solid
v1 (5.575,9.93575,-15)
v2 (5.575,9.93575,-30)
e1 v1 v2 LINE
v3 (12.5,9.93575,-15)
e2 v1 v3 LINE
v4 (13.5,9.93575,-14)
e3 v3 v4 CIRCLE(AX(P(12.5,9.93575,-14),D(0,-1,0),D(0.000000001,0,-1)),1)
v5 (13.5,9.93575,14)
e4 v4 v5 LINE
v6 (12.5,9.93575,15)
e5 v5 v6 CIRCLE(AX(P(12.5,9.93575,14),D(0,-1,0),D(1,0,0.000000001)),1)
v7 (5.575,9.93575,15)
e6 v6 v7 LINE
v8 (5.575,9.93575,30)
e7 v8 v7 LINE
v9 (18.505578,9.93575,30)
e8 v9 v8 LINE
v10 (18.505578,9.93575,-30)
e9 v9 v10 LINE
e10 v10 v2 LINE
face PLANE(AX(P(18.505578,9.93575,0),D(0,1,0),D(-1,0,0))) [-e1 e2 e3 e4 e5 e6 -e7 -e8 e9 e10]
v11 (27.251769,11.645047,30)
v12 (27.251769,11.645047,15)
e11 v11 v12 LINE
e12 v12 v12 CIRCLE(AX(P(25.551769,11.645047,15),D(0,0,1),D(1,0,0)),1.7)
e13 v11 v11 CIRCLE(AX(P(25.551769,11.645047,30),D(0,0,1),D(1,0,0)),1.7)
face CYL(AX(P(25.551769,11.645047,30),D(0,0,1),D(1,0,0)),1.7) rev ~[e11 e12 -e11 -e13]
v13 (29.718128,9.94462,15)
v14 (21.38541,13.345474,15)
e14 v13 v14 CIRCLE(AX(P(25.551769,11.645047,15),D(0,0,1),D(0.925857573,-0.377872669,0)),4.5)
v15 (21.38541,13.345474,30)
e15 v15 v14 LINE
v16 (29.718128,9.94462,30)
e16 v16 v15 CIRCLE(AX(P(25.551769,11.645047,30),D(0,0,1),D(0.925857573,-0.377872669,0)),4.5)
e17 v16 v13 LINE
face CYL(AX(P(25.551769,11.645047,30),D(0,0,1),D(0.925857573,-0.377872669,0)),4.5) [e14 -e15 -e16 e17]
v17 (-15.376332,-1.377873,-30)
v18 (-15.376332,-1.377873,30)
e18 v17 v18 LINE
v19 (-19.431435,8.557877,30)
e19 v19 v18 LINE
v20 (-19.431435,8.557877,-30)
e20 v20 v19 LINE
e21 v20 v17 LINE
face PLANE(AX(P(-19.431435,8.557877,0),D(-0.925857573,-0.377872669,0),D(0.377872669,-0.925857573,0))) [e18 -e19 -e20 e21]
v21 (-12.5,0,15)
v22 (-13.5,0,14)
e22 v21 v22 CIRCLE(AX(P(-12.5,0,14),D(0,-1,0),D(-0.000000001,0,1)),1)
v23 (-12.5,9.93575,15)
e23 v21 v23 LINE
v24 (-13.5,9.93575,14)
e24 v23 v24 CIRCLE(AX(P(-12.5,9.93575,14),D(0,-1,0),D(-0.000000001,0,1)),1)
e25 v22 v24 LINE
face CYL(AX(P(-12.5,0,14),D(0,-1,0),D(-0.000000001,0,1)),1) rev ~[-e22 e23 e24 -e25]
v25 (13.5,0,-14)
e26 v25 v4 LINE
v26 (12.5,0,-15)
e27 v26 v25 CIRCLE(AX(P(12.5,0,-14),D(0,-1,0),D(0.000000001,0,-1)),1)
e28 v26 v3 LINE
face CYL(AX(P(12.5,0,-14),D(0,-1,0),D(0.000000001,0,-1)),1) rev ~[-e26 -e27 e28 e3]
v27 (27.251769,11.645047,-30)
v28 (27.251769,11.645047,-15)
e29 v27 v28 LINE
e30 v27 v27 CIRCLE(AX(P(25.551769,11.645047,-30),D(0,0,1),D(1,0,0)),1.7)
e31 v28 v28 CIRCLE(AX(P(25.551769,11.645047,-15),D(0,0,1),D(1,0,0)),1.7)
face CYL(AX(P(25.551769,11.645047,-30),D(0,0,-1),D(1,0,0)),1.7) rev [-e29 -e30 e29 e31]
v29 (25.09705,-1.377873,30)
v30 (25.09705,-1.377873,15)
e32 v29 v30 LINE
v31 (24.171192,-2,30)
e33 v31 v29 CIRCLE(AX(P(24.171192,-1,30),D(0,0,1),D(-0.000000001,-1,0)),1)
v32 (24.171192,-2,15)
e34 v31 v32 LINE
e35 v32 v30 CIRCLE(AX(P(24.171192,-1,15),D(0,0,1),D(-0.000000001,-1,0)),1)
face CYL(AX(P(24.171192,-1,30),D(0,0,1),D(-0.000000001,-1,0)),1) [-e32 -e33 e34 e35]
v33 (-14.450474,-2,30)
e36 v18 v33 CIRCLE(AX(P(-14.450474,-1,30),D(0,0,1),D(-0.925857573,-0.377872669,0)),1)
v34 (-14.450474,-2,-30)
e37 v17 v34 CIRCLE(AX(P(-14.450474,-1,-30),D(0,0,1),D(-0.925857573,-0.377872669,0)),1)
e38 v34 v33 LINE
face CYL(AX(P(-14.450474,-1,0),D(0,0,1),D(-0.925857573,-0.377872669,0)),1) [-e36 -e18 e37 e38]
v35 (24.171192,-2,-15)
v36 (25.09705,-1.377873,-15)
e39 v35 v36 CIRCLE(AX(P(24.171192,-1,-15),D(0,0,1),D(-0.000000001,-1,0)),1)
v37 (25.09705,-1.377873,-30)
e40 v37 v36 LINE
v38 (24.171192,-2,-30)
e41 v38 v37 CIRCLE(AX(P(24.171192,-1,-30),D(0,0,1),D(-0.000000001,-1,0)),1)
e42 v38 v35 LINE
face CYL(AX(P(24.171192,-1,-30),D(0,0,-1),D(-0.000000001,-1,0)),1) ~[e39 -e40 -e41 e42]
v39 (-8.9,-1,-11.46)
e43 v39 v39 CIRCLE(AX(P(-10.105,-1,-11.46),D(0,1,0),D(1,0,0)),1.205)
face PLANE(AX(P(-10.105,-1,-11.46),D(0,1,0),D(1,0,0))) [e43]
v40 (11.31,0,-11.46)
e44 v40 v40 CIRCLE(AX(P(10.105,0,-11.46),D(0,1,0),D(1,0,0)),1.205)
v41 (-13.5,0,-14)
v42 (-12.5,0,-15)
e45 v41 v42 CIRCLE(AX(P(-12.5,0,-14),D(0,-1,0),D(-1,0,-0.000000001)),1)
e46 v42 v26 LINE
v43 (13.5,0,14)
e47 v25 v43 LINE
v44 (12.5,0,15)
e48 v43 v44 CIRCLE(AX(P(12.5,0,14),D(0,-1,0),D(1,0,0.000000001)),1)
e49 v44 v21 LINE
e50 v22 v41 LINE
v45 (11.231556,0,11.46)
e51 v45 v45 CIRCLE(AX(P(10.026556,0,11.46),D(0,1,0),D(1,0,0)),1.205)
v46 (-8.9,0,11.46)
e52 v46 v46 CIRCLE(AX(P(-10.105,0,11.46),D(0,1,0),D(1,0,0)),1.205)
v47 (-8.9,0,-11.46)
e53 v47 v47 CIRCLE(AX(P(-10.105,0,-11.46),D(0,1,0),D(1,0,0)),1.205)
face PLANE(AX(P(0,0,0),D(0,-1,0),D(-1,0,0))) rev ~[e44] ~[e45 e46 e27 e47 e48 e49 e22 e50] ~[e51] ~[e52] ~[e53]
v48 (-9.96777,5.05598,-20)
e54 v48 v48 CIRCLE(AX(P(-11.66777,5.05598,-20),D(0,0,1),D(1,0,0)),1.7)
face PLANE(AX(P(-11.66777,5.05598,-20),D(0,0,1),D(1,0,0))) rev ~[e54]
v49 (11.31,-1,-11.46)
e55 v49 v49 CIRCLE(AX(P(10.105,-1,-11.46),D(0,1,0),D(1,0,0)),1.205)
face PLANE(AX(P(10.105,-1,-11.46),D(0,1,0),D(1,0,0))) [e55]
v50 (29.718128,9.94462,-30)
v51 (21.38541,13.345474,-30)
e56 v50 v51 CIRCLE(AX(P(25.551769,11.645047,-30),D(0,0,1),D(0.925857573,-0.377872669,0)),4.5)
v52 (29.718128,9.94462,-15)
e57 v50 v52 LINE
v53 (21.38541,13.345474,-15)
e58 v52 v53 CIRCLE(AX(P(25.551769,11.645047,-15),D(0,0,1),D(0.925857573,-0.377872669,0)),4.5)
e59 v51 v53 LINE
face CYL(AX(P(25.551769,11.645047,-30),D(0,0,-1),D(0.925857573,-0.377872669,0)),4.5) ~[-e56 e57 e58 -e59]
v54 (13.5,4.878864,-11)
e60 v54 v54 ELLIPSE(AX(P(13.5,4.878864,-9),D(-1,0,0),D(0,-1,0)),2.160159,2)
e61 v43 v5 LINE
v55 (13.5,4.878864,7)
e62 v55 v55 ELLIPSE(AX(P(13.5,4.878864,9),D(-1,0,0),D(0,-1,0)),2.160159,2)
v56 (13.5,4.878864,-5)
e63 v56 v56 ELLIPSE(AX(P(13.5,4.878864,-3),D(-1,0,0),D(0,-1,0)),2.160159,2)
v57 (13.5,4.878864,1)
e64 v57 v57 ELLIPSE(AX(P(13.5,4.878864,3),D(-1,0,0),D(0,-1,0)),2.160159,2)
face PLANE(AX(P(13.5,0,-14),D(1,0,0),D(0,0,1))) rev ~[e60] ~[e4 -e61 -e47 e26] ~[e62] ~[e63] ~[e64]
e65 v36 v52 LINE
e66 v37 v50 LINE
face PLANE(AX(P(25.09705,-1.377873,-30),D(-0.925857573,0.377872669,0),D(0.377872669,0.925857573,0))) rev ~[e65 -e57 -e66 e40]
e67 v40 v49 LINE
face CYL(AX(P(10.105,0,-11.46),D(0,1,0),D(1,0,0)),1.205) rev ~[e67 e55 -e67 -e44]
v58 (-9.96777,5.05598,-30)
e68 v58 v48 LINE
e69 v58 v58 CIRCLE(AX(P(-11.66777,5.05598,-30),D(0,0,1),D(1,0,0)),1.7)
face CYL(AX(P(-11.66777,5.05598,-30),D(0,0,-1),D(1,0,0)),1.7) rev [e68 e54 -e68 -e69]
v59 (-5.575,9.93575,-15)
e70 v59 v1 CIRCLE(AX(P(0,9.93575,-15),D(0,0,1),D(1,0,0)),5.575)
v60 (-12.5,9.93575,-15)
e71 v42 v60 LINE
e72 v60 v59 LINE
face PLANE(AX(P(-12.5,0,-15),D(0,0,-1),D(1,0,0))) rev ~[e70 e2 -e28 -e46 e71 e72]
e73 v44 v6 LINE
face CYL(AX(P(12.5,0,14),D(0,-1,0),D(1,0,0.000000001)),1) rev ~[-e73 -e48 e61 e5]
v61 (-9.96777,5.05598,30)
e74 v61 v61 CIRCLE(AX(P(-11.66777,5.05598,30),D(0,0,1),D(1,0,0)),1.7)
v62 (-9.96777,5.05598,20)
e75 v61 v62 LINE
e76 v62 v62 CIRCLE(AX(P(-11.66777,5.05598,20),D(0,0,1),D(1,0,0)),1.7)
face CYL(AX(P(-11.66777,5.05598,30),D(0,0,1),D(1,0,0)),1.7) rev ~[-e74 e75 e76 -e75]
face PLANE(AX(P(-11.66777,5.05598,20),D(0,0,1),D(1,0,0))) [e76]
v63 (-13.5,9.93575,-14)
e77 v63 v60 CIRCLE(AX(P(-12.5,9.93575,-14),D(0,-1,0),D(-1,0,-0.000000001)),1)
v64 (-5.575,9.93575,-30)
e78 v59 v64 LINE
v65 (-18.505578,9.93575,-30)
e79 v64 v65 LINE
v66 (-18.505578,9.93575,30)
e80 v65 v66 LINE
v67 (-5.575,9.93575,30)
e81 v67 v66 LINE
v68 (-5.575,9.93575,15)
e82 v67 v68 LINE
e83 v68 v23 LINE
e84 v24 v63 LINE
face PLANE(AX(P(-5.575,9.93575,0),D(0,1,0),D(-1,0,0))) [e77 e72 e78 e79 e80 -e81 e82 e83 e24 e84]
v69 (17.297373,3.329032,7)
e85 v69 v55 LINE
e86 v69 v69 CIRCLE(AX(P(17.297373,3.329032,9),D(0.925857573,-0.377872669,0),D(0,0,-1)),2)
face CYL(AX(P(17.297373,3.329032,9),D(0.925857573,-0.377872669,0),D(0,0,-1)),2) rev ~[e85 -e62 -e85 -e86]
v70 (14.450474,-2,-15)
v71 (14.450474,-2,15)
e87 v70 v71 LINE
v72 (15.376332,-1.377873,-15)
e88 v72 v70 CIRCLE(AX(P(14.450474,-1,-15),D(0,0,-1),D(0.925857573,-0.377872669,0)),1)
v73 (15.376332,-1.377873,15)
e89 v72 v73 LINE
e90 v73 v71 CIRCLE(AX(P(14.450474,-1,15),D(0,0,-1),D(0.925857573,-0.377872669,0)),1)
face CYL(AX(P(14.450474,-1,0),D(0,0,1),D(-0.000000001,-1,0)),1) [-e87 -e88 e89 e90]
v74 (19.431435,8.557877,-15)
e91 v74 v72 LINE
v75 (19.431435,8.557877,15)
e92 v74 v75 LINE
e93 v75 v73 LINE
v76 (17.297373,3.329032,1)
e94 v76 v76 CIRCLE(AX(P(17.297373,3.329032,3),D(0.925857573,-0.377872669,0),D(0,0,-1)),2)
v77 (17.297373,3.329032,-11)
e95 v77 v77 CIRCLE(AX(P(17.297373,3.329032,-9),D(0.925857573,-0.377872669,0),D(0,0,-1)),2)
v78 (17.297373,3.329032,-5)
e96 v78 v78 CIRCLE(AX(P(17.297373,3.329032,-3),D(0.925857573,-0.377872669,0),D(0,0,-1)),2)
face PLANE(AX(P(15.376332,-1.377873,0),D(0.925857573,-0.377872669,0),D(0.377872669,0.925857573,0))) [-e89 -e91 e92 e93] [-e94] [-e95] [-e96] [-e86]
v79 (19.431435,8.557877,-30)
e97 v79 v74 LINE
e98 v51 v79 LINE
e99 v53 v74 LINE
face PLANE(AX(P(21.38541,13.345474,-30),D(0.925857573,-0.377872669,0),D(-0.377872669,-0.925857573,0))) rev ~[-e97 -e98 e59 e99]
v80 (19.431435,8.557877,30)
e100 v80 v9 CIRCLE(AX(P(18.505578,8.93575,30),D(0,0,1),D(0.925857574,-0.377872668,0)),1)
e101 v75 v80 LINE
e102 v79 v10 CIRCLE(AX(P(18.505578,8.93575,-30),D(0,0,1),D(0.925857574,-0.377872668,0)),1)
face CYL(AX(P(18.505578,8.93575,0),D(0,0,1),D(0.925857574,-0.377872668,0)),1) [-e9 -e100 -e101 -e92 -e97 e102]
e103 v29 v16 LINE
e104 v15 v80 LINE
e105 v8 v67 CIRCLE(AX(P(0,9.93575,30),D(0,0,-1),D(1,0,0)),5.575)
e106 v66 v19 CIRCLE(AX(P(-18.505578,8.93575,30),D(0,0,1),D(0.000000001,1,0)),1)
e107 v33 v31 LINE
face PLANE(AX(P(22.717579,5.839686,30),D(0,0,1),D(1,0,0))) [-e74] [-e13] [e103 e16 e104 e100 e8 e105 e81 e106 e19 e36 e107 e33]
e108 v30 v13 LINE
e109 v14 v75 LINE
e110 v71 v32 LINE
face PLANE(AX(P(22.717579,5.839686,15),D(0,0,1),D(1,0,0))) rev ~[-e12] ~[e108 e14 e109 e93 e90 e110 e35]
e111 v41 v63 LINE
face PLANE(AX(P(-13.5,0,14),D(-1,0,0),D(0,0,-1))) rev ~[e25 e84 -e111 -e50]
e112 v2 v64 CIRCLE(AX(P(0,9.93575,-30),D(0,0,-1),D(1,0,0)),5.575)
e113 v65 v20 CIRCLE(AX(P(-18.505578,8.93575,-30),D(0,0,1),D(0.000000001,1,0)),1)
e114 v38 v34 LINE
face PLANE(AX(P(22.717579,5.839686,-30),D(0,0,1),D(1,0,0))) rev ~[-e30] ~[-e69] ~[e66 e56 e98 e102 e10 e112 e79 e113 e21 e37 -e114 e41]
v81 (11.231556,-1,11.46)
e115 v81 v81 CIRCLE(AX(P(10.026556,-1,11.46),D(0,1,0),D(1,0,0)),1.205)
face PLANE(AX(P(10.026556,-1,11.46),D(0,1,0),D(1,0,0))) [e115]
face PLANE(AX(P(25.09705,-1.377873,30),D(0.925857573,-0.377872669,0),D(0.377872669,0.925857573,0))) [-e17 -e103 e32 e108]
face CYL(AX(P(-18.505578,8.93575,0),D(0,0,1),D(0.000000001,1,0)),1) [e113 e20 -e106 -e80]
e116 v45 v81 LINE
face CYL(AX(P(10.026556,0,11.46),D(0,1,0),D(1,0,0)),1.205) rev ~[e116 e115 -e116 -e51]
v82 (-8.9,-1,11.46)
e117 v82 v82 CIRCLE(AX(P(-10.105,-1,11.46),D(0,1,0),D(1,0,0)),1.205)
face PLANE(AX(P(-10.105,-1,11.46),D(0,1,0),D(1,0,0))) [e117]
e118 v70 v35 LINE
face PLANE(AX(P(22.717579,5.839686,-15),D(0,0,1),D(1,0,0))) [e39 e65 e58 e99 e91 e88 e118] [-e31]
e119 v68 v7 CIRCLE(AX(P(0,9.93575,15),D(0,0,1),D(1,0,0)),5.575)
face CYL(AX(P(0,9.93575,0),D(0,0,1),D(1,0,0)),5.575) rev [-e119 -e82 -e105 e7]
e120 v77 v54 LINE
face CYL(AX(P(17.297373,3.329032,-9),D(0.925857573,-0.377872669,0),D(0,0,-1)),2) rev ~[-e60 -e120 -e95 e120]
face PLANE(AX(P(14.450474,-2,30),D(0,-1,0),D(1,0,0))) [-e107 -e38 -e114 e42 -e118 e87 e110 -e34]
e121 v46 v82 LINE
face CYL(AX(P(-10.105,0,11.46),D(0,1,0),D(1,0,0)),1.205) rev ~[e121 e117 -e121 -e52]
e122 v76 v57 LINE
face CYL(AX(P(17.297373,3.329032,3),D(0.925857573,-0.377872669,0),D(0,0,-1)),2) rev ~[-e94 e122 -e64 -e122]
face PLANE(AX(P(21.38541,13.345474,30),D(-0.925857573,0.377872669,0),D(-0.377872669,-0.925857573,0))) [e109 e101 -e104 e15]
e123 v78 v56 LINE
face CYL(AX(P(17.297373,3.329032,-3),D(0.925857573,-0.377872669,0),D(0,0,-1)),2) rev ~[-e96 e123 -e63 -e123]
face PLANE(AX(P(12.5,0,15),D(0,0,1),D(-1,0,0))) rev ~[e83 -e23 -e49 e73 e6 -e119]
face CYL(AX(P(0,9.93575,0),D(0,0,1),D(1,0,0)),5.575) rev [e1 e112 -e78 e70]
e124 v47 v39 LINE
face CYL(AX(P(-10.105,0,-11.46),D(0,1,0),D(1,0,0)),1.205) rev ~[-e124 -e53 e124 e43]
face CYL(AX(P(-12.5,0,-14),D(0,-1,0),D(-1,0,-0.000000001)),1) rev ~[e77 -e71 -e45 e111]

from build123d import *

# Parameters (mm, degrees)
BOSS_EXTRUDE3_DEPTH      = 30
BOSS_EXTRUDE3_DEPTH_BACK = 30
CUT_EXTRUDE1_DEPTH       = 9.93575
SKETCH1_R                = 1.205
CUT_EXTRUDE2_DEPTH       = 1
CUT_EXTRUDE3_REACH       = 38.571
SKETCH9_R                = 2
BOSS_EXTRUDE5_START      = -30
SKETCH20_R               = 1.7
BOSS_EXTRUDE5_DEPTH      = 15
BOSS_EXTRUDE6_START      = 30
SKETCH20_2_R             = 1.7
BOSS_EXTRUDE6_DEPTH      = 15
CUT_EXTRUDE6_START       = -30
SKETCH22_R               = 1.7
CUT_EXTRUDE6_DEPTH       = 10
CUT_EXTRUDE6_DEPTH_BACK  = 1
CUT_EXTRUDE7_START       = 30
SKETCH22_2_R             = 1.7
CUT_EXTRUDE7_DEPTH       = 10
CUT_EXTRUDE7_DEPTH_BACK  = 10


with BuildPart() as part:
    # Sketch5 → Boss-Extrude3 (new body, two sides)
    with BuildSketch(Plane.XY) as boss_extrude3_sk:
        with BuildLine():
            Line((-5.575, 9.935749893), (-18.505577921, 9.935749893))
            ThreePointArc((-18.505577921, 9.935749893), (-19.335599809, 9.493480712), (-19.431435495, 8.557877225))
            Line((-19.431435495, 8.557877225), (-15.376331952, -1.377872669))
            ThreePointArc((-15.376331952, -1.377872669), (-15.008205197, -1.830021888), (-14.450474378, -2))
            Line((-14.450474378, -2), (14.450474378, -2))
            ThreePointArc((14.450474378, -2), (15.008205197, -1.830021888), (15.376331952, -1.377872669))
            Line((15.376331952, -1.377872669), (19.431435495, 8.557877225))
            ThreePointArc((19.431435495, 8.557877225), (19.335599809, 9.493480712), (18.505577921, 9.935749893))
            Line((18.505577921, 9.935749893), (5.575, 9.935749893))
            ThreePointArc((5.575, 9.935749893), (0, 4.360749893), (-5.575, 9.935749893))
        make_face()
    extrude(amount=BOSS_EXTRUDE3_DEPTH)
    extrude(boss_extrude3_sk.sketch, amount=-BOSS_EXTRUDE3_DEPTH_BACK)

    # Sketch8 → Cut-Extrude1 (cut)
    with BuildSketch(Plane(origin=(0, 0, 0), x_dir=(1, 0, 0), z_dir=(0, 1, 0))):
        with BuildLine():
            Line((-12.5, 15), (12.5, 15))
            ThreePointArc((12.5, 15), (13.207106781, 14.707106781), (13.5, 14))
            Line((13.5, 14), (13.5, -14))
            ThreePointArc((13.5, -14), (13.207106781, -14.707106781), (12.5, -15))
            Line((12.5, -15), (-12.5, -15))
            ThreePointArc((-12.5, -15), (-13.207106781, -14.707106781), (-13.5, -14))
            Line((-13.5, -14), (-13.5, 14))
            ThreePointArc((-13.5, 14), (-13.207106781, 14.707106781), (-12.5, 15))
        make_face()
    extrude(amount=CUT_EXTRUDE1_DEPTH, mode=Mode.SUBTRACT)

    # Sketch1 → Cut-Extrude2 (cut)
    with BuildSketch(Plane(origin=(0, 0, 0), x_dir=(1, 0, 0), z_dir=(0, 1, 0))):
        with Locations((-10.105, 11.46)):
            Circle(SKETCH1_R)
        with Locations((-10.105, -11.46)):
            Circle(SKETCH1_R)
        with Locations((10.026555832, -11.46)):
            Circle(SKETCH1_R)
        with Locations((10.105, 11.46)):
            Circle(SKETCH1_R)
    extrude(amount=-CUT_EXTRUDE2_DEPTH, mode=Mode.SUBTRACT)

    # Cut-Extrude3: up to this face of the body (flat: up to its plane)
    cut_extrude3_end = Plane(part.part.faces().sort_by_distance((13.5, 4.967875, 0))[0])
    # Sketch9 → Cut-Extrude3 (cut, up to the picked face)
    with BuildSketch(Plane(origin=(13.662837448, -5.576249517, 0), x_dir=(0, 0, -1), z_dir=(0.925857573, -0.377872669, 0)), mode=Mode.PRIVATE) as cut_extrude3_sk1:
        with Locations((-9, 9.618413932)):
            Circle(SKETCH9_R)
    cut_extrude3_tool1 = split(extrude(cut_extrude3_sk1.sketch, amount=-CUT_EXTRUDE3_REACH, mode=Mode.PRIVATE), bisect_by=cut_extrude3_end, keep=Keep.BOTH, mode=Mode.PRIVATE)
    add(cut_extrude3_tool1.solids().sort_by_distance((17.297373, 3.329032, 9))[0], mode=Mode.SUBTRACT)
    # Sketch9 → Cut-Extrude3 (cut, up to the picked face)
    with BuildSketch(Plane(origin=(13.662837448, -5.576249517, 0), x_dir=(0, 0, -1), z_dir=(0.925857573, -0.377872669, 0)), mode=Mode.PRIVATE) as cut_extrude3_sk2:
        with Locations((-3, 9.618413932)):
            Circle(SKETCH9_R)
    cut_extrude3_tool2 = split(extrude(cut_extrude3_sk2.sketch, amount=-CUT_EXTRUDE3_REACH, mode=Mode.PRIVATE), bisect_by=cut_extrude3_end, keep=Keep.BOTH, mode=Mode.PRIVATE)
    add(cut_extrude3_tool2.solids().sort_by_distance((17.297373, 3.329032, 3))[0], mode=Mode.SUBTRACT)
    # Sketch9 → Cut-Extrude3 (cut, up to the picked face)
    with BuildSketch(Plane(origin=(13.662837448, -5.576249517, 0), x_dir=(0, 0, -1), z_dir=(0.925857573, -0.377872669, 0)), mode=Mode.PRIVATE) as cut_extrude3_sk3:
        with Locations((3, 9.618413932)):
            Circle(SKETCH9_R)
    cut_extrude3_tool3 = split(extrude(cut_extrude3_sk3.sketch, amount=-CUT_EXTRUDE3_REACH, mode=Mode.PRIVATE), bisect_by=cut_extrude3_end, keep=Keep.BOTH, mode=Mode.PRIVATE)
    add(cut_extrude3_tool3.solids().sort_by_distance((17.297373, 3.329032, -3))[0], mode=Mode.SUBTRACT)
    # Sketch9 → Cut-Extrude3 (cut, up to the picked face)
    with BuildSketch(Plane(origin=(13.662837448, -5.576249517, 0), x_dir=(0, 0, -1), z_dir=(0.925857573, -0.377872669, 0)), mode=Mode.PRIVATE) as cut_extrude3_sk4:
        with Locations((9, 9.618413932)):
            Circle(SKETCH9_R)
    cut_extrude3_tool4 = split(extrude(cut_extrude3_sk4.sketch, amount=-CUT_EXTRUDE3_REACH, mode=Mode.PRIVATE), bisect_by=cut_extrude3_end, keep=Keep.BOTH, mode=Mode.PRIVATE)
    add(cut_extrude3_tool4.solids().sort_by_distance((17.297373, 3.329032, -9))[0], mode=Mode.SUBTRACT)

    # Sketch20 → Boss-Extrude5 (add)
    with BuildSketch(Plane.XY.offset(BOSS_EXTRUDE5_START)):
        with BuildLine():
            Line((19.431435495, 8.557877225), (15.376331952, -1.377872669))
            ThreePointArc((15.376331952, -1.377872669), (15.008205197, -1.830021888), (14.450474378, -2))
            Line((14.450474378, -2), (24.171191968, -2))
            ThreePointArc((24.171191968, -2), (24.728922787, -1.830021888), (25.097049542, -1.377872669))
            Line((25.097049542, -1.377872669), (29.71812802, 9.944619967))
            ThreePointArc((29.71812802, 9.944619967), (27.252195948, 15.811406056), (21.385409859, 13.345473984))
            Line((21.385409859, 13.345473984), (19.431435495, 8.557877225))
        make_face()
        with Locations((25.55176894, 11.645046975)):
            Circle(SKETCH20_R, mode=Mode.SUBTRACT)
    extrude(amount=BOSS_EXTRUDE5_DEPTH)

    # Sketch20<2> → Boss-Extrude6 (add)
    with BuildSketch(Plane.XY.offset(BOSS_EXTRUDE6_START)):
        with BuildLine():
            Line((19.431435495, 8.557877225), (15.376331952, -1.377872669))
            ThreePointArc((15.376331952, -1.377872669), (15.008205197, -1.830021888), (14.450474378, -2))
            Line((14.450474378, -2), (24.171191968, -2))
            ThreePointArc((24.171191968, -2), (24.728922787, -1.830021888), (25.097049542, -1.377872669))
            Line((25.097049542, -1.377872669), (29.71812802, 9.944619967))
            ThreePointArc((29.71812802, 9.944619967), (27.252195948, 15.811406056), (21.385409859, 13.345473984))
            Line((21.385409859, 13.345473984), (19.431435495, 8.557877225))
        make_face()
        with Locations((25.55176894, 11.645046975)):
            Circle(SKETCH20_2_R, mode=Mode.SUBTRACT)
    extrude(amount=-BOSS_EXTRUDE6_DEPTH)

    # Sketch22 → Cut-Extrude6 (cut, two sides)
    with BuildSketch(Plane.XY.offset(CUT_EXTRUDE6_START)) as cut_extrude6_sk:
        with Locations((-11.667770039, 5.055979667)):
            Circle(SKETCH22_R)
    extrude(amount=CUT_EXTRUDE6_DEPTH, mode=Mode.SUBTRACT)
    extrude(cut_extrude6_sk.sketch, amount=-CUT_EXTRUDE6_DEPTH_BACK, mode=Mode.SUBTRACT)

    # Sketch22<2> → Cut-Extrude7 (cut, two sides)
    with BuildSketch(Plane.XY.offset(CUT_EXTRUDE7_START)) as cut_extrude7_sk:
        with Locations((-11.667770039, 5.055979667)):
            Circle(SKETCH22_2_R)
    extrude(amount=CUT_EXTRUDE7_DEPTH, mode=Mode.SUBTRACT)
    extrude(cut_extrude7_sk.sketch, amount=-CUT_EXTRUDE7_DEPTH_BACK, mode=Mode.SUBTRACT)


solid = part.part
